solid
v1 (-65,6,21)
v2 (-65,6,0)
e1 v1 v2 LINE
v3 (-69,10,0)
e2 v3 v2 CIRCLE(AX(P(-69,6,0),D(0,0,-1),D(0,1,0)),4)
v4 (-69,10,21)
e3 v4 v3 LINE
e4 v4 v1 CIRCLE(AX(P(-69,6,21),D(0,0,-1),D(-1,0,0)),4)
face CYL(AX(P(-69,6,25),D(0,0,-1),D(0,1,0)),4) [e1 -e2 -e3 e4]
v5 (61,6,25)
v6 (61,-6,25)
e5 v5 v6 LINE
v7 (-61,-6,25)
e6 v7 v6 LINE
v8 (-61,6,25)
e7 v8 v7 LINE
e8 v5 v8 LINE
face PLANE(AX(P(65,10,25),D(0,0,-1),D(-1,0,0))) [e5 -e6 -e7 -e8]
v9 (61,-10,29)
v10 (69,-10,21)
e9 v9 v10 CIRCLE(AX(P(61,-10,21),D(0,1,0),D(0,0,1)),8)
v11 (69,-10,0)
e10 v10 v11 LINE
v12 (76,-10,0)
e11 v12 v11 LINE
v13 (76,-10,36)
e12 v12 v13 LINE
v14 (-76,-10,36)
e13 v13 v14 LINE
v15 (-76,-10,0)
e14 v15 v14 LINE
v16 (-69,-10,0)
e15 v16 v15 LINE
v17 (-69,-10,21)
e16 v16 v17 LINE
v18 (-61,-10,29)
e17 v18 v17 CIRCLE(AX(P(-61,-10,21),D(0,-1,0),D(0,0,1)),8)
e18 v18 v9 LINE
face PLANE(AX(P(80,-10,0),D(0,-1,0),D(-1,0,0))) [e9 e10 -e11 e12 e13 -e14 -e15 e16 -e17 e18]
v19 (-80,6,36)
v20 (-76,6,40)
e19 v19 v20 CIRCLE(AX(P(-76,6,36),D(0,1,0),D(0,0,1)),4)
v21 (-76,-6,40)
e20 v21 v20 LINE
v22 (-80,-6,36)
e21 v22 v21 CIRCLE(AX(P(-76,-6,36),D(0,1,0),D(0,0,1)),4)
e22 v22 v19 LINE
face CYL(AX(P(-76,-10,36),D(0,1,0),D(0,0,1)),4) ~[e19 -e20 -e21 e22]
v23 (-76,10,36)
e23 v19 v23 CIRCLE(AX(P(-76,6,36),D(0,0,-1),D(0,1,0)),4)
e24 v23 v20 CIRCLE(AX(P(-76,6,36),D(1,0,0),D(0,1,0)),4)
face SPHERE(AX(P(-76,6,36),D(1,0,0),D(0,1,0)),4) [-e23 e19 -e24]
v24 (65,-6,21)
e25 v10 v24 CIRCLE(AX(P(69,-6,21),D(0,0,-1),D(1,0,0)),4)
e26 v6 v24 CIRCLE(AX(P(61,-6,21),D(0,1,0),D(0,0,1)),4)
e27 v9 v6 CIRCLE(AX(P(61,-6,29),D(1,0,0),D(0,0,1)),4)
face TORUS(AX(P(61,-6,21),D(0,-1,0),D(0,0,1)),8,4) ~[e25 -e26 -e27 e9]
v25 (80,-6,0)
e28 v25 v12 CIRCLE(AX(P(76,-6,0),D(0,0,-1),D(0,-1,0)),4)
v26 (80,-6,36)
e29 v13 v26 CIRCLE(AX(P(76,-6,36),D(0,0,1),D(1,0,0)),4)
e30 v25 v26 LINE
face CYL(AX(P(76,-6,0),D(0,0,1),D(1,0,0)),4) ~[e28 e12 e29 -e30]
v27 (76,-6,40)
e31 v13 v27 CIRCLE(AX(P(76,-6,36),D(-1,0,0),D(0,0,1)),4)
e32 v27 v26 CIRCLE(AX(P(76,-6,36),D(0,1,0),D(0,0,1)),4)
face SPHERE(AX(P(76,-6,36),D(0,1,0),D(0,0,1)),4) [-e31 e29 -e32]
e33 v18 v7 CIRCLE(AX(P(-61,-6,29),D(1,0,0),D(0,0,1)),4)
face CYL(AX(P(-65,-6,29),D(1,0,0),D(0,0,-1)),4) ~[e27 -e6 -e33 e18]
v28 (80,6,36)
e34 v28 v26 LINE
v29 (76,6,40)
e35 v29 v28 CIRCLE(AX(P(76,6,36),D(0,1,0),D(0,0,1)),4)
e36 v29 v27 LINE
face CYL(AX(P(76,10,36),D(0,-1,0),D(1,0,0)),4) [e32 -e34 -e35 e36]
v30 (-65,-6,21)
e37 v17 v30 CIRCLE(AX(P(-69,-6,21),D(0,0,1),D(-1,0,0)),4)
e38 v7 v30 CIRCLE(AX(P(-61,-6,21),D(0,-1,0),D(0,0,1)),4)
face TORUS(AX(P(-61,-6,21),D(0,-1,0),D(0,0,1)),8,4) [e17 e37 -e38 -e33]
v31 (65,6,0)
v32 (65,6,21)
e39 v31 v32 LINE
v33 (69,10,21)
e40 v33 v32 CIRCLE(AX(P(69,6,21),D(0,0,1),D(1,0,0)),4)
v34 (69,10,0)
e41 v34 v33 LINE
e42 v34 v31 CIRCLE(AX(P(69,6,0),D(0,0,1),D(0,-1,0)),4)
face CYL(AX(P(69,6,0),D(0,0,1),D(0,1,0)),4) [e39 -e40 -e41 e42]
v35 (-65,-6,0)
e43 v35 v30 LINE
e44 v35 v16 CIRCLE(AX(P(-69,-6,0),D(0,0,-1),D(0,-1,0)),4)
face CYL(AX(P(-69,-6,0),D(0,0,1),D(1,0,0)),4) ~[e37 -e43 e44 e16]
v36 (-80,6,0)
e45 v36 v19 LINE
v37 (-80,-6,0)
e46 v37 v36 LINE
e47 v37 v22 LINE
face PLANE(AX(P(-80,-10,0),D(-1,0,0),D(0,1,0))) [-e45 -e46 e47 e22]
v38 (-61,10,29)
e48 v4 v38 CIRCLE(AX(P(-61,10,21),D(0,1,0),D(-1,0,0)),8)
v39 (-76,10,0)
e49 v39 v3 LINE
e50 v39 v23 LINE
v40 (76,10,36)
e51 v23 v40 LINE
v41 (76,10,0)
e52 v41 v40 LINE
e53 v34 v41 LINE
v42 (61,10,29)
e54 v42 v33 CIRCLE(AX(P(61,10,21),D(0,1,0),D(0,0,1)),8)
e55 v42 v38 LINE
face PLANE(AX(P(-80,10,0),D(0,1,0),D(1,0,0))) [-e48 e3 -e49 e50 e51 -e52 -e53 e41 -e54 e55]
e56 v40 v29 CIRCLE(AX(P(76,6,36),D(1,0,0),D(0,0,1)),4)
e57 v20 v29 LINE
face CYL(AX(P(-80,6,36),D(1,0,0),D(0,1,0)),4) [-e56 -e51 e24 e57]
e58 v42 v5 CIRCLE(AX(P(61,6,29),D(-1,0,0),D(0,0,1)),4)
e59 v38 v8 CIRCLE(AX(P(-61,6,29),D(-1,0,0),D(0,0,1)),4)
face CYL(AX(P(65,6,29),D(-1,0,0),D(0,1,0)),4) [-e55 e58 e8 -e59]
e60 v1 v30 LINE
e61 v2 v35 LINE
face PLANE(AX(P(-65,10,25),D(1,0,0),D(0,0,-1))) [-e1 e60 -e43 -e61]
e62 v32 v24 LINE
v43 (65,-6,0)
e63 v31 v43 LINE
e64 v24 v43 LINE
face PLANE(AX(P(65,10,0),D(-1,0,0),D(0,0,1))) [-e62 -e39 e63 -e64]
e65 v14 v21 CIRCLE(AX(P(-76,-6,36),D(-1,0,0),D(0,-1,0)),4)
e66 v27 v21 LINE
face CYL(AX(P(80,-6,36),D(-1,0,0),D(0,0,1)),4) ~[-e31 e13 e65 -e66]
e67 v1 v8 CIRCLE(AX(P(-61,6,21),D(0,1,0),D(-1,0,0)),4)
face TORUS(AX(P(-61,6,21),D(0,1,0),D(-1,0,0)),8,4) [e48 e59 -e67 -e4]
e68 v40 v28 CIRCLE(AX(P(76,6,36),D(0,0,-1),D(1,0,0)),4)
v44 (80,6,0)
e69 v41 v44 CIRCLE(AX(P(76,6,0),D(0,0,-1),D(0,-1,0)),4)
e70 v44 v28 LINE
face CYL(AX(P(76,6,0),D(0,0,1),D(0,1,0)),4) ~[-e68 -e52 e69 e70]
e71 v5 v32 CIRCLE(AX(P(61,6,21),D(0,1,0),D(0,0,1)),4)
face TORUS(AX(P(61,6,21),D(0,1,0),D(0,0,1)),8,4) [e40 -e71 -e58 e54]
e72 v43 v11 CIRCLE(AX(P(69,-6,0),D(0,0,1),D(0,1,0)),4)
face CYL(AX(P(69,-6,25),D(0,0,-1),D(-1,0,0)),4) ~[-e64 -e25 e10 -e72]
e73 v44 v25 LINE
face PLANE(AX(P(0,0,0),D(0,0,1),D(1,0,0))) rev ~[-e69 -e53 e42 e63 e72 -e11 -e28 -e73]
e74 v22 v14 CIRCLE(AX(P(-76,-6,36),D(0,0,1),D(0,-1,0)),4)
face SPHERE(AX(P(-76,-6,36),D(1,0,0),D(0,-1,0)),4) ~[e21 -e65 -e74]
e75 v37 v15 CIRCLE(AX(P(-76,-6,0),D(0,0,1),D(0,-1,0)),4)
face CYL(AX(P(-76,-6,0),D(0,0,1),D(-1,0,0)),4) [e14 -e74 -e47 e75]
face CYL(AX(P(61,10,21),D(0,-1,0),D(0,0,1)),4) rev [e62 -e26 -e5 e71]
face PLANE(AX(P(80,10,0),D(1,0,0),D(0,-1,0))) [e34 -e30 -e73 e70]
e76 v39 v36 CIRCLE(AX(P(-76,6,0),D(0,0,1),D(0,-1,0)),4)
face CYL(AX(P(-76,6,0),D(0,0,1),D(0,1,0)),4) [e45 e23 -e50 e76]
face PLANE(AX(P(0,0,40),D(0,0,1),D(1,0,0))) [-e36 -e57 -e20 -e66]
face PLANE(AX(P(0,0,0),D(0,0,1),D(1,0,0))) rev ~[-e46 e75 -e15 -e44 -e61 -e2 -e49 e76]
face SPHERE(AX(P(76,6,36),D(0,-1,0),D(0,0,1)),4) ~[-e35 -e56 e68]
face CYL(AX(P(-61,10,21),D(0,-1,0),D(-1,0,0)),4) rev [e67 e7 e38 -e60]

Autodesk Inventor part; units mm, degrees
ref_plane "YZ Plane" through (0, 0, 0) normal (1, 0, 0) x (0, 1, 0)
ref_plane "XZ Plane" through (0, 0, 0) normal (0, 1, 0) x (-1, 0, 0)
ref_plane "XY Plane" through (0, 0, 0) normal (0, 0, 1) x (1, 0, 0)
sketch "Sketch4" plane through (0, 0, 0) normal (0, 0, 1) x (1, 0, 0)
  line L0 (-80, 10) -> (80, 10)
  line L1 (80, 10) -> (80, -10)
  line L2 (80, -10) -> (-80, -10)
  line L3 (-80, -10) -> (-80, 10)
  line L4 (-80, 10) -> (80, -10) construction
  line L5 (80, 10) -> (-80, -10) construction
  point P0 (0, 0)
  dimension "d33" = 160
  dimension "d34" = 20
extrude "Extrusion1" add sketch "Sketch4" along normal blind 40
sketch "Sketch5" plane through (-80, 10, 0) normal (0, 1, 0) x (1, 0, 0)
  line L0 (0, 0) -> (160, 0) projected
  line L1 (15, 0) -> (145, 0)
  line L2 (145, 0) -> (145, -25)
  line L3 (145, -25) -> (15, -25)
  line L4 (15, -25) -> (15, 0)
  line L5 (160, -40) -> (0, -40) projected
  line L6 (160, 0) -> (160, -40) projected
  line L7 (0, 0) -> (0, -40) projected
  point P0 (80, 0)
  point P1 (0, -20)
  dimension "d37" = 15
  dimension "d38" = 15
  dimension "d39" = 15
extrude "Extrusion2" cut sketch "Sketch5" against normal blind 40 contours L0 L2 L3 L4
fillet "Fillet1" radius 4 16 edges at (80, 0, 40) (0, 10, 40) (0, -10, 40) (80, 10, 20) (80, -10, 20) (0, 10, 25) (65, 10, 12.5) (0, -10, 25) (65, -10, 12.5) (65, 0, 25) (-65, -10, 12.5) (-65, 0, 25) (-65, 10, 12.5) (-80, -10, 20) (-80, 10, 20) (-80, 0, 40)
properties part number "Handle"
